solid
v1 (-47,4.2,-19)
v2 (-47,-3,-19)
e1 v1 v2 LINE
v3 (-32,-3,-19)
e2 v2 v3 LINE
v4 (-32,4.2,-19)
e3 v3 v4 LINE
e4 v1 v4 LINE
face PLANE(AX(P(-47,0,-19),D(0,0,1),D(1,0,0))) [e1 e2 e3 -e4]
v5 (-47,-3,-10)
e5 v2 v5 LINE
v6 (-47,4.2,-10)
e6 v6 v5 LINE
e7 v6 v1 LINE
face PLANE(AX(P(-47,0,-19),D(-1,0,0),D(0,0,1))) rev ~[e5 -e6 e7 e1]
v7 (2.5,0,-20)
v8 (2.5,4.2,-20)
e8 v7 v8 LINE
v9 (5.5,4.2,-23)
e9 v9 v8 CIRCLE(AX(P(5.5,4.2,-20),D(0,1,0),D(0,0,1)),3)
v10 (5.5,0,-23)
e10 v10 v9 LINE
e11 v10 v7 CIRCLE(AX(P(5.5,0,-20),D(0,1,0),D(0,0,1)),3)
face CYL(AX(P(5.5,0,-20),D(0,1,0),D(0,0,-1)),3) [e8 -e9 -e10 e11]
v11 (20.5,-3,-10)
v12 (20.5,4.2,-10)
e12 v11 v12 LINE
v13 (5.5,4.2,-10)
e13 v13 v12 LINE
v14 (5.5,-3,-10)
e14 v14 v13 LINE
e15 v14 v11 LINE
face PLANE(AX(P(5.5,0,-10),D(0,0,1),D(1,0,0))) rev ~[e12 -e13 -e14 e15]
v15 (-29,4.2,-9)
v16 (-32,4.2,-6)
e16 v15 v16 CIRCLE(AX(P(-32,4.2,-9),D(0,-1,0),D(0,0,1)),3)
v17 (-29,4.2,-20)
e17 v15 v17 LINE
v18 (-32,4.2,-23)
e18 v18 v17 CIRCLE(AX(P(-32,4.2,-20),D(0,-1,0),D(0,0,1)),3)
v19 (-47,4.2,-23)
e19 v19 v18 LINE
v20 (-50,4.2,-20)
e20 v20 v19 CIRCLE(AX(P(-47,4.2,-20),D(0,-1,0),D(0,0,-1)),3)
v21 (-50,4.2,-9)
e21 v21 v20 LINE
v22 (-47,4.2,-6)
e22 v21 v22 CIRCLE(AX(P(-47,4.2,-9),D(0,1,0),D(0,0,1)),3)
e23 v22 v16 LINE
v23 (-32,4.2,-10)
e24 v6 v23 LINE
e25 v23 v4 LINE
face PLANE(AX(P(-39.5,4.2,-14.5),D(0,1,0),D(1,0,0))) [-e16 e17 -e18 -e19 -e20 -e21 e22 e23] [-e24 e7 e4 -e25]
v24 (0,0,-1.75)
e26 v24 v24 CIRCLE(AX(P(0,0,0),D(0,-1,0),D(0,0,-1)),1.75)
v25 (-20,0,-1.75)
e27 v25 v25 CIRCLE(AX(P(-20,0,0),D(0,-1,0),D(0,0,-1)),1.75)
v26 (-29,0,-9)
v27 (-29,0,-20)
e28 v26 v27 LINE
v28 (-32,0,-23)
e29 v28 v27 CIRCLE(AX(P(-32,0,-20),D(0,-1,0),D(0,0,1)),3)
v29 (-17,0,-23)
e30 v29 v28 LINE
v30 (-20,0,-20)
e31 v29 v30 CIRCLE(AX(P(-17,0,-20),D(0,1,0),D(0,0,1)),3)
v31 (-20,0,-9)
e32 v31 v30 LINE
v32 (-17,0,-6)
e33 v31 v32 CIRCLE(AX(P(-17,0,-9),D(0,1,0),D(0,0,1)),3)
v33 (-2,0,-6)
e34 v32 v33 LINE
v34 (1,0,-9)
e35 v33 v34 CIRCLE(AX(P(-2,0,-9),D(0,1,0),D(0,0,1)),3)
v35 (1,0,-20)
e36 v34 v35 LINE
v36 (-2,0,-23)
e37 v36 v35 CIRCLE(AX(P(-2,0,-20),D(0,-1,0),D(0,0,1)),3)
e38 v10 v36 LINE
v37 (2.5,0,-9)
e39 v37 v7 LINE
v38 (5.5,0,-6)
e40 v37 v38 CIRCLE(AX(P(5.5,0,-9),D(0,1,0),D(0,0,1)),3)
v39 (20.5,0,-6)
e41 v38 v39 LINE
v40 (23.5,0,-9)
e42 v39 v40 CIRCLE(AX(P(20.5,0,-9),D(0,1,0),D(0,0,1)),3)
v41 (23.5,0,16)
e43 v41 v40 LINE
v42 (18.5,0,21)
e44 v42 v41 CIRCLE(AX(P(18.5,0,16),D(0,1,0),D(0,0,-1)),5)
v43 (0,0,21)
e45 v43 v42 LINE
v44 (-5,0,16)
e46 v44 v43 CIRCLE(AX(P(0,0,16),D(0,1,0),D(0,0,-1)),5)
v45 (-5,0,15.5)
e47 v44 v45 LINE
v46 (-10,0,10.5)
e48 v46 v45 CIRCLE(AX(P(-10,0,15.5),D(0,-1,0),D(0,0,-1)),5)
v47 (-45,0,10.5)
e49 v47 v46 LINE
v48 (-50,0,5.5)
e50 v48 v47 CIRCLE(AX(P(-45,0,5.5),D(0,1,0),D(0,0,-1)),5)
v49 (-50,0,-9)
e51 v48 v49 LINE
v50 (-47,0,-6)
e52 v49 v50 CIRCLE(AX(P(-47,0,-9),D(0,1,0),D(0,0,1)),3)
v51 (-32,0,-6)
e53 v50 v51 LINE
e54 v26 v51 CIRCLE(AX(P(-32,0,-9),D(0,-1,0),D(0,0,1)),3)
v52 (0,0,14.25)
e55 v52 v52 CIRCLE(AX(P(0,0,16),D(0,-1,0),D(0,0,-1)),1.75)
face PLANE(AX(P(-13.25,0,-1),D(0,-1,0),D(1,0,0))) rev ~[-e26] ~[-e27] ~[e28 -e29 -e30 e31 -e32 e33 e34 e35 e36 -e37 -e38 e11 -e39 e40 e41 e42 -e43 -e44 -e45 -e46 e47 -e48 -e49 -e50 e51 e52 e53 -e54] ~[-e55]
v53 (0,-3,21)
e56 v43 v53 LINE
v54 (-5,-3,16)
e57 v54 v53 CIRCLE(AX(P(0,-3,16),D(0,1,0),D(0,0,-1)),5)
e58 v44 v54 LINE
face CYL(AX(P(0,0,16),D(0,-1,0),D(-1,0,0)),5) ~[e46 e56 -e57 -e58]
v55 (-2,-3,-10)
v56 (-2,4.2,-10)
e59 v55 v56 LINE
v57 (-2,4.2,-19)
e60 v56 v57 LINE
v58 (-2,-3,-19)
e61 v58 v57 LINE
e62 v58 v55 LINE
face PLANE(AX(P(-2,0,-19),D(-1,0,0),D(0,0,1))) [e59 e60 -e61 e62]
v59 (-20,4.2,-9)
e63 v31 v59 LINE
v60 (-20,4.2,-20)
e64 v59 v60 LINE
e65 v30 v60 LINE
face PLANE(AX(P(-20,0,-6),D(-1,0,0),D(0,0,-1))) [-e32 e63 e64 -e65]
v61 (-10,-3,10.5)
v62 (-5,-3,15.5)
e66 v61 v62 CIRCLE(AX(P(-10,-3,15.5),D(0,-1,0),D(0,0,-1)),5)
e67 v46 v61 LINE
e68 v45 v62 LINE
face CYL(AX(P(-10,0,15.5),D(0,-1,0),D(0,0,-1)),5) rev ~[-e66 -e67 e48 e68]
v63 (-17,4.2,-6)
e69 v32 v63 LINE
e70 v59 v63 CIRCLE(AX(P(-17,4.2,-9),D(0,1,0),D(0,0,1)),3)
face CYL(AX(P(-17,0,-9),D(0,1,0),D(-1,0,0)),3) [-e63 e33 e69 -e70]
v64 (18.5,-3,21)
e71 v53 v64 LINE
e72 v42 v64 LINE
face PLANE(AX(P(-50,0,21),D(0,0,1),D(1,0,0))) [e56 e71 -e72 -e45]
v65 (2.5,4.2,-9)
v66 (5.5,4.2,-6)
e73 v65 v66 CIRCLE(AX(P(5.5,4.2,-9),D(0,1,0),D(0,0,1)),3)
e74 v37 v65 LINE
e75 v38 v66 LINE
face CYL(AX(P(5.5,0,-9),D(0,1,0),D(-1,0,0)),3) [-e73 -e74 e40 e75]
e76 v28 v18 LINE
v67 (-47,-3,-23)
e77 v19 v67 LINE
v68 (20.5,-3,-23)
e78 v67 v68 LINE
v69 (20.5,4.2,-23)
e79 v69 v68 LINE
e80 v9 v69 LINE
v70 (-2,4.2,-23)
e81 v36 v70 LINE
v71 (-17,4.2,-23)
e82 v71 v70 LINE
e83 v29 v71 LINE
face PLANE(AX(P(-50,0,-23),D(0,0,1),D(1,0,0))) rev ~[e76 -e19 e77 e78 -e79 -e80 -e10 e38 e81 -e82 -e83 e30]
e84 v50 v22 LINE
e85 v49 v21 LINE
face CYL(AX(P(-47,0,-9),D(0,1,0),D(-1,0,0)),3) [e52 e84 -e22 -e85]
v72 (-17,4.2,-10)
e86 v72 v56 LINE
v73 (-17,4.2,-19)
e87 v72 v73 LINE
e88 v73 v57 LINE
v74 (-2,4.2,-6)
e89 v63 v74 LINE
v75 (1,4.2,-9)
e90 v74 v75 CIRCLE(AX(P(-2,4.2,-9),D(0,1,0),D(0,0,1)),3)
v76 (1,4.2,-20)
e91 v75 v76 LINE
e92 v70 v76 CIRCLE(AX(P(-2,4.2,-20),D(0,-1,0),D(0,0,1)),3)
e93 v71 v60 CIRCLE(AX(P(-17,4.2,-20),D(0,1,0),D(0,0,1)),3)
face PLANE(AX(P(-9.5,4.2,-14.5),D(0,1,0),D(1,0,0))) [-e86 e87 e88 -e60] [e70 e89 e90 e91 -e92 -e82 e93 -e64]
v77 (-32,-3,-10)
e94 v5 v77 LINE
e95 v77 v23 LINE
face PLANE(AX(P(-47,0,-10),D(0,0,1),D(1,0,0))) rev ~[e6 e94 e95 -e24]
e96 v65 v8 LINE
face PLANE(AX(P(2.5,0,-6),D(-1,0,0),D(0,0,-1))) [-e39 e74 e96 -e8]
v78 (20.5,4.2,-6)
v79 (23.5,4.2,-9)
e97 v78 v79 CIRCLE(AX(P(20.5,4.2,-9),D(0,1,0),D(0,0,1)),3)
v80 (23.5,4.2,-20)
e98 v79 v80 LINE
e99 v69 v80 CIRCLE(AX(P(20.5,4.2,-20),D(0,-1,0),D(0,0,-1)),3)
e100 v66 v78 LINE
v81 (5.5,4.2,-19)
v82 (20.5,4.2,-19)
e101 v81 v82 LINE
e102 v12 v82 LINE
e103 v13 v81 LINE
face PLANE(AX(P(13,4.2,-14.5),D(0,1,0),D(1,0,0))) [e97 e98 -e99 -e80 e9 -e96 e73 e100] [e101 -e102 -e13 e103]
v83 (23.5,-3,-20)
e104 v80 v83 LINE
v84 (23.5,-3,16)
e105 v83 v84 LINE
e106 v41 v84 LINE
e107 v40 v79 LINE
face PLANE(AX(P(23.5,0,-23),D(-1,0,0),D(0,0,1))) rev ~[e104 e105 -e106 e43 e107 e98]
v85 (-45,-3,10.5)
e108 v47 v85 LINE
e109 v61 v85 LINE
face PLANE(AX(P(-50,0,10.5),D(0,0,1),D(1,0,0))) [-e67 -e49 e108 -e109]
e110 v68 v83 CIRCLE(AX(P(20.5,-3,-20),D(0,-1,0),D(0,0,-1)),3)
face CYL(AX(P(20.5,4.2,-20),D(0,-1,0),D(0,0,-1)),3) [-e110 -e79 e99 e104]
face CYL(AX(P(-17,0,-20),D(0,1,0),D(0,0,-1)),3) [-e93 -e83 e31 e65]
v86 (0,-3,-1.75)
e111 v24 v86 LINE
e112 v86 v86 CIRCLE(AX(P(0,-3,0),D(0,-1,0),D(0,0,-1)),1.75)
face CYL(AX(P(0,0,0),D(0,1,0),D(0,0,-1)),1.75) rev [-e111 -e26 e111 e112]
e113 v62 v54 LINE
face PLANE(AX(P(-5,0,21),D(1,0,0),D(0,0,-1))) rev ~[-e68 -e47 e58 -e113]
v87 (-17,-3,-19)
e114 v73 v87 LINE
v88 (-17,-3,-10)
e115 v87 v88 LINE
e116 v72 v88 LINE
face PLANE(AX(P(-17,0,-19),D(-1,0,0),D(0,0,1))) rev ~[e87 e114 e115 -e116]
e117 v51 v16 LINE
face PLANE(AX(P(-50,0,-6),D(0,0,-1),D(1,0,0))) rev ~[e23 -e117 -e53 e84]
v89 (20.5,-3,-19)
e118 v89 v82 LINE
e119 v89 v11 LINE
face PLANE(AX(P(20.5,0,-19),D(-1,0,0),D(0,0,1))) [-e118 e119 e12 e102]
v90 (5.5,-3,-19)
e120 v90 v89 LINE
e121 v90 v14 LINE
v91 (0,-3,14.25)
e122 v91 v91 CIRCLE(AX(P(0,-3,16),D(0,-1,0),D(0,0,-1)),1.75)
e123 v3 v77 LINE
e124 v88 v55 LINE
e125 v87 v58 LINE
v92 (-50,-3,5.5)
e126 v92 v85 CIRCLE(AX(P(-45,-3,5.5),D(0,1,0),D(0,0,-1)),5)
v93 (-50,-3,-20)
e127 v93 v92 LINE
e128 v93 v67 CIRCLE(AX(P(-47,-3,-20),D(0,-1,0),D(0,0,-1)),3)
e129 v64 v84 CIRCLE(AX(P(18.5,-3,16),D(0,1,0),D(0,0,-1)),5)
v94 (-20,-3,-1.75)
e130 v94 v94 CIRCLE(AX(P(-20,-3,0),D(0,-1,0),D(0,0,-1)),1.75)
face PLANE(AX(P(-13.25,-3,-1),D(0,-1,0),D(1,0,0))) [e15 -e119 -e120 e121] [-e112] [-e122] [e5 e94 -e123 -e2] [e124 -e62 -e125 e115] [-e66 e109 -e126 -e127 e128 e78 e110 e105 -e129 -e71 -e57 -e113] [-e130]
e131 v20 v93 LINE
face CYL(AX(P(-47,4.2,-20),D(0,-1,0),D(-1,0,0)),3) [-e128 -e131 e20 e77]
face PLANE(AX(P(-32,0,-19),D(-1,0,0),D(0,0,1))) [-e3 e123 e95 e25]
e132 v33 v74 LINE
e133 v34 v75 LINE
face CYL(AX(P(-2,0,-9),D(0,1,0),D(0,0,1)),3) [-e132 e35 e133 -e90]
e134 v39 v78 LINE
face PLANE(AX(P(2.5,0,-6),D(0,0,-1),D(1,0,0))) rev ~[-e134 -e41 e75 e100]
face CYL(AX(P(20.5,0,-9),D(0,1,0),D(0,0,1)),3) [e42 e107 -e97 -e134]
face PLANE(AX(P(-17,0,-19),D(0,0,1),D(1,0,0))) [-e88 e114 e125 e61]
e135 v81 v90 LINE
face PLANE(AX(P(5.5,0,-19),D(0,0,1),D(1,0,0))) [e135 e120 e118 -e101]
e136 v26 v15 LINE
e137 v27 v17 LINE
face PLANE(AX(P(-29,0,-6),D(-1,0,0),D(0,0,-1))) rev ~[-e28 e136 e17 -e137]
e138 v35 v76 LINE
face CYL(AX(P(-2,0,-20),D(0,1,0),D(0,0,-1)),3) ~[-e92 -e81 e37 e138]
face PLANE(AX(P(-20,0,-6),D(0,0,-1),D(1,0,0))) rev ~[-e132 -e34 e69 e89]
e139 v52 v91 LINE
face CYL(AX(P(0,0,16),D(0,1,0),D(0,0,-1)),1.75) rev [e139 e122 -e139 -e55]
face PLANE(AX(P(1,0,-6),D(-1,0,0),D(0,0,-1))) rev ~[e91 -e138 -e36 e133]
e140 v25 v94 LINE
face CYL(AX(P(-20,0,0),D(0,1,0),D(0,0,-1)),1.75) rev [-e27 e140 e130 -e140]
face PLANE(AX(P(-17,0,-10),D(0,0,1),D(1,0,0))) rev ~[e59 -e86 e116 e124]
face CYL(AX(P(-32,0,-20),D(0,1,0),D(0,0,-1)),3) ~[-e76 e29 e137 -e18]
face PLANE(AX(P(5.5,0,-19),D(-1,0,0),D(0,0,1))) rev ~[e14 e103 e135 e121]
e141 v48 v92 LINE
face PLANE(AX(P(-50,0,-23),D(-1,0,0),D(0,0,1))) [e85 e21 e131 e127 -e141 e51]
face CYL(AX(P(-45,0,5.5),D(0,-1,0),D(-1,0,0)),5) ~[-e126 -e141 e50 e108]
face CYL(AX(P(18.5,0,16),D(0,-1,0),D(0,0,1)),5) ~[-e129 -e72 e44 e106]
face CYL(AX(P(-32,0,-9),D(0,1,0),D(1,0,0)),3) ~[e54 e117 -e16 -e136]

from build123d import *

# Parameters (mm, degrees)
SKETCH_1_W          = 21
SKETCH_1_H          = 17
SKETCH_1_W_2        = 15
SKETCH_1_H_2        = 9
EXTRUDE_1_DEPTH     = 4.2
EXTRUDE_1_2_DEPTH   = 4.2
EXTRUDE_1_3_DEPTH   = 4.2
SKETCH_2_W          = 73.5
SKETCH_2_H          = 44
SKETCH_2_R          = 1.75
SKETCH_2_W_2        = 15
SKETCH_2_H_2        = 9
EXTRUDE_2_DEPTH     = 3
FILLET_1_R          = 3
SKETCH_3_W          = 45
SKETCH_3_H          = 10.5
CUT_EXTRUDE_1_DEPTH = 56.196376693
FILLET_2_R          = 5


with BuildPart() as part:
    # 草图1 → 凸台-拉伸1 (new body)
    with BuildSketch(Plane(origin=(0, 0, 0), x_dir=(1, 0, 0), z_dir=(0, 1, 0))):
        with Locations((13, 14.5)):
            Rectangle(SKETCH_1_W, SKETCH_1_H)
        with Locations((13, 14.5)):
            Rectangle(SKETCH_1_W_2, SKETCH_1_H_2, mode=Mode.SUBTRACT)
    extrude(amount=EXTRUDE_1_DEPTH)



with BuildPart() as body_2:
    # 草图1 → Extrude 1 2 (new body)
    with BuildSketch(Plane(origin=(0, 0, 0), x_dir=(1, 0, 0), z_dir=(0, 1, 0))):
        with Locations((-9.5, 14.5)):
            Rectangle(SKETCH_1_W, SKETCH_1_H)
        with Locations((-9.5, 14.5)):
            Rectangle(SKETCH_1_W_2, SKETCH_1_H_2, mode=Mode.SUBTRACT)
    extrude(amount=EXTRUDE_1_2_DEPTH)


with BuildPart() as body_3:
    # 草图1 → Extrude 1 3 (new body)
    with BuildSketch(Plane(origin=(0, 0, 0), x_dir=(1, 0, 0), z_dir=(0, 1, 0))):
        with Locations((-39.5, 14.5)):
            Rectangle(SKETCH_1_W, SKETCH_1_H)
        with Locations((-39.5, 14.5)):
            Rectangle(SKETCH_1_W_2, SKETCH_1_H_2, mode=Mode.SUBTRACT)
    extrude(amount=EXTRUDE_1_3_DEPTH)


with BuildPart() as part_1:
    add(part.part)

    add(body_2.part)  # 凸台-拉伸2 merges body 2

    add(body_3.part)  # 凸台-拉伸2 merges body 3
    # 草图2 → 凸台-拉伸2 (add)
    with BuildSketch(Plane.XZ):
        with Locations((-13.25, -1)):
            Rectangle(SKETCH_2_W, SKETCH_2_H)
        with Locations(Location((0, 0, 0), (0, 0, 270))):
            Circle(SKETCH_2_R, mode=Mode.SUBTRACT)
        with Locations(Location((0, 16, 0), (0, 0, 270))):
            Circle(SKETCH_2_R, mode=Mode.SUBTRACT)
        with Locations(Location((-20, 0, 0), (0, 0, 270))):
            Circle(SKETCH_2_R, mode=Mode.SUBTRACT)
        with Locations((-39.5, -14.5)):
            Rectangle(SKETCH_2_W_2, SKETCH_2_H_2, mode=Mode.SUBTRACT)
        with Locations((-9.5, -14.5)):
            Rectangle(SKETCH_2_W_2, SKETCH_2_H_2, mode=Mode.SUBTRACT)
        with Locations((13, -14.5)):
            Rectangle(SKETCH_2_W_2, SKETCH_2_H_2, mode=Mode.SUBTRACT)
    extrude(amount=EXTRUDE_2_DEPTH)

    # 圆角1
    fillet_1_edges = [part_1.edges().sort_by_distance(p)[0] for p in [
        (1, 2.1, -23),
        (-20, 2.1, -23),
        (-20, 2.1, -6),
        (1, 2.1, -6),
        (-29, 2.1, -23),
        (-50, 2.1, -6),
        (-29, 2.1, -6),
        (-50, 0.6, -23),
        (23.5, 2.1, -6),
        (2.5, 2.1, -6),
        (2.5, 2.1, -23),
        (23.5, 0.6, -23),
    ]]
    fillet(fillet_1_edges, radius=FILLET_1_R)

    # 草图3 → 切除-拉伸1 (cut, through all)
    with BuildSketch(Plane(origin=(0, 0, 0), x_dir=(1, 0, 0), z_dir=(0, 1, 0))):
        with Locations((-27.5, -15.75)):
            Rectangle(SKETCH_3_W, SKETCH_3_H)
    extrude(amount=-CUT_EXTRUDE_1_DEPTH, mode=Mode.SUBTRACT)

    # 圆角2
    fillet_2_edges = [part_1.edges().sort_by_distance(p)[0] for p in [
        (-50, -1.5, 10.5),
        (-5, -1.5, 10.5),
        (-5, -1.5, 21),
        (23.5, -1.5, 21),
    ]]
    fillet(fillet_2_edges, radius=FILLET_2_R)


solid = part_1.part
